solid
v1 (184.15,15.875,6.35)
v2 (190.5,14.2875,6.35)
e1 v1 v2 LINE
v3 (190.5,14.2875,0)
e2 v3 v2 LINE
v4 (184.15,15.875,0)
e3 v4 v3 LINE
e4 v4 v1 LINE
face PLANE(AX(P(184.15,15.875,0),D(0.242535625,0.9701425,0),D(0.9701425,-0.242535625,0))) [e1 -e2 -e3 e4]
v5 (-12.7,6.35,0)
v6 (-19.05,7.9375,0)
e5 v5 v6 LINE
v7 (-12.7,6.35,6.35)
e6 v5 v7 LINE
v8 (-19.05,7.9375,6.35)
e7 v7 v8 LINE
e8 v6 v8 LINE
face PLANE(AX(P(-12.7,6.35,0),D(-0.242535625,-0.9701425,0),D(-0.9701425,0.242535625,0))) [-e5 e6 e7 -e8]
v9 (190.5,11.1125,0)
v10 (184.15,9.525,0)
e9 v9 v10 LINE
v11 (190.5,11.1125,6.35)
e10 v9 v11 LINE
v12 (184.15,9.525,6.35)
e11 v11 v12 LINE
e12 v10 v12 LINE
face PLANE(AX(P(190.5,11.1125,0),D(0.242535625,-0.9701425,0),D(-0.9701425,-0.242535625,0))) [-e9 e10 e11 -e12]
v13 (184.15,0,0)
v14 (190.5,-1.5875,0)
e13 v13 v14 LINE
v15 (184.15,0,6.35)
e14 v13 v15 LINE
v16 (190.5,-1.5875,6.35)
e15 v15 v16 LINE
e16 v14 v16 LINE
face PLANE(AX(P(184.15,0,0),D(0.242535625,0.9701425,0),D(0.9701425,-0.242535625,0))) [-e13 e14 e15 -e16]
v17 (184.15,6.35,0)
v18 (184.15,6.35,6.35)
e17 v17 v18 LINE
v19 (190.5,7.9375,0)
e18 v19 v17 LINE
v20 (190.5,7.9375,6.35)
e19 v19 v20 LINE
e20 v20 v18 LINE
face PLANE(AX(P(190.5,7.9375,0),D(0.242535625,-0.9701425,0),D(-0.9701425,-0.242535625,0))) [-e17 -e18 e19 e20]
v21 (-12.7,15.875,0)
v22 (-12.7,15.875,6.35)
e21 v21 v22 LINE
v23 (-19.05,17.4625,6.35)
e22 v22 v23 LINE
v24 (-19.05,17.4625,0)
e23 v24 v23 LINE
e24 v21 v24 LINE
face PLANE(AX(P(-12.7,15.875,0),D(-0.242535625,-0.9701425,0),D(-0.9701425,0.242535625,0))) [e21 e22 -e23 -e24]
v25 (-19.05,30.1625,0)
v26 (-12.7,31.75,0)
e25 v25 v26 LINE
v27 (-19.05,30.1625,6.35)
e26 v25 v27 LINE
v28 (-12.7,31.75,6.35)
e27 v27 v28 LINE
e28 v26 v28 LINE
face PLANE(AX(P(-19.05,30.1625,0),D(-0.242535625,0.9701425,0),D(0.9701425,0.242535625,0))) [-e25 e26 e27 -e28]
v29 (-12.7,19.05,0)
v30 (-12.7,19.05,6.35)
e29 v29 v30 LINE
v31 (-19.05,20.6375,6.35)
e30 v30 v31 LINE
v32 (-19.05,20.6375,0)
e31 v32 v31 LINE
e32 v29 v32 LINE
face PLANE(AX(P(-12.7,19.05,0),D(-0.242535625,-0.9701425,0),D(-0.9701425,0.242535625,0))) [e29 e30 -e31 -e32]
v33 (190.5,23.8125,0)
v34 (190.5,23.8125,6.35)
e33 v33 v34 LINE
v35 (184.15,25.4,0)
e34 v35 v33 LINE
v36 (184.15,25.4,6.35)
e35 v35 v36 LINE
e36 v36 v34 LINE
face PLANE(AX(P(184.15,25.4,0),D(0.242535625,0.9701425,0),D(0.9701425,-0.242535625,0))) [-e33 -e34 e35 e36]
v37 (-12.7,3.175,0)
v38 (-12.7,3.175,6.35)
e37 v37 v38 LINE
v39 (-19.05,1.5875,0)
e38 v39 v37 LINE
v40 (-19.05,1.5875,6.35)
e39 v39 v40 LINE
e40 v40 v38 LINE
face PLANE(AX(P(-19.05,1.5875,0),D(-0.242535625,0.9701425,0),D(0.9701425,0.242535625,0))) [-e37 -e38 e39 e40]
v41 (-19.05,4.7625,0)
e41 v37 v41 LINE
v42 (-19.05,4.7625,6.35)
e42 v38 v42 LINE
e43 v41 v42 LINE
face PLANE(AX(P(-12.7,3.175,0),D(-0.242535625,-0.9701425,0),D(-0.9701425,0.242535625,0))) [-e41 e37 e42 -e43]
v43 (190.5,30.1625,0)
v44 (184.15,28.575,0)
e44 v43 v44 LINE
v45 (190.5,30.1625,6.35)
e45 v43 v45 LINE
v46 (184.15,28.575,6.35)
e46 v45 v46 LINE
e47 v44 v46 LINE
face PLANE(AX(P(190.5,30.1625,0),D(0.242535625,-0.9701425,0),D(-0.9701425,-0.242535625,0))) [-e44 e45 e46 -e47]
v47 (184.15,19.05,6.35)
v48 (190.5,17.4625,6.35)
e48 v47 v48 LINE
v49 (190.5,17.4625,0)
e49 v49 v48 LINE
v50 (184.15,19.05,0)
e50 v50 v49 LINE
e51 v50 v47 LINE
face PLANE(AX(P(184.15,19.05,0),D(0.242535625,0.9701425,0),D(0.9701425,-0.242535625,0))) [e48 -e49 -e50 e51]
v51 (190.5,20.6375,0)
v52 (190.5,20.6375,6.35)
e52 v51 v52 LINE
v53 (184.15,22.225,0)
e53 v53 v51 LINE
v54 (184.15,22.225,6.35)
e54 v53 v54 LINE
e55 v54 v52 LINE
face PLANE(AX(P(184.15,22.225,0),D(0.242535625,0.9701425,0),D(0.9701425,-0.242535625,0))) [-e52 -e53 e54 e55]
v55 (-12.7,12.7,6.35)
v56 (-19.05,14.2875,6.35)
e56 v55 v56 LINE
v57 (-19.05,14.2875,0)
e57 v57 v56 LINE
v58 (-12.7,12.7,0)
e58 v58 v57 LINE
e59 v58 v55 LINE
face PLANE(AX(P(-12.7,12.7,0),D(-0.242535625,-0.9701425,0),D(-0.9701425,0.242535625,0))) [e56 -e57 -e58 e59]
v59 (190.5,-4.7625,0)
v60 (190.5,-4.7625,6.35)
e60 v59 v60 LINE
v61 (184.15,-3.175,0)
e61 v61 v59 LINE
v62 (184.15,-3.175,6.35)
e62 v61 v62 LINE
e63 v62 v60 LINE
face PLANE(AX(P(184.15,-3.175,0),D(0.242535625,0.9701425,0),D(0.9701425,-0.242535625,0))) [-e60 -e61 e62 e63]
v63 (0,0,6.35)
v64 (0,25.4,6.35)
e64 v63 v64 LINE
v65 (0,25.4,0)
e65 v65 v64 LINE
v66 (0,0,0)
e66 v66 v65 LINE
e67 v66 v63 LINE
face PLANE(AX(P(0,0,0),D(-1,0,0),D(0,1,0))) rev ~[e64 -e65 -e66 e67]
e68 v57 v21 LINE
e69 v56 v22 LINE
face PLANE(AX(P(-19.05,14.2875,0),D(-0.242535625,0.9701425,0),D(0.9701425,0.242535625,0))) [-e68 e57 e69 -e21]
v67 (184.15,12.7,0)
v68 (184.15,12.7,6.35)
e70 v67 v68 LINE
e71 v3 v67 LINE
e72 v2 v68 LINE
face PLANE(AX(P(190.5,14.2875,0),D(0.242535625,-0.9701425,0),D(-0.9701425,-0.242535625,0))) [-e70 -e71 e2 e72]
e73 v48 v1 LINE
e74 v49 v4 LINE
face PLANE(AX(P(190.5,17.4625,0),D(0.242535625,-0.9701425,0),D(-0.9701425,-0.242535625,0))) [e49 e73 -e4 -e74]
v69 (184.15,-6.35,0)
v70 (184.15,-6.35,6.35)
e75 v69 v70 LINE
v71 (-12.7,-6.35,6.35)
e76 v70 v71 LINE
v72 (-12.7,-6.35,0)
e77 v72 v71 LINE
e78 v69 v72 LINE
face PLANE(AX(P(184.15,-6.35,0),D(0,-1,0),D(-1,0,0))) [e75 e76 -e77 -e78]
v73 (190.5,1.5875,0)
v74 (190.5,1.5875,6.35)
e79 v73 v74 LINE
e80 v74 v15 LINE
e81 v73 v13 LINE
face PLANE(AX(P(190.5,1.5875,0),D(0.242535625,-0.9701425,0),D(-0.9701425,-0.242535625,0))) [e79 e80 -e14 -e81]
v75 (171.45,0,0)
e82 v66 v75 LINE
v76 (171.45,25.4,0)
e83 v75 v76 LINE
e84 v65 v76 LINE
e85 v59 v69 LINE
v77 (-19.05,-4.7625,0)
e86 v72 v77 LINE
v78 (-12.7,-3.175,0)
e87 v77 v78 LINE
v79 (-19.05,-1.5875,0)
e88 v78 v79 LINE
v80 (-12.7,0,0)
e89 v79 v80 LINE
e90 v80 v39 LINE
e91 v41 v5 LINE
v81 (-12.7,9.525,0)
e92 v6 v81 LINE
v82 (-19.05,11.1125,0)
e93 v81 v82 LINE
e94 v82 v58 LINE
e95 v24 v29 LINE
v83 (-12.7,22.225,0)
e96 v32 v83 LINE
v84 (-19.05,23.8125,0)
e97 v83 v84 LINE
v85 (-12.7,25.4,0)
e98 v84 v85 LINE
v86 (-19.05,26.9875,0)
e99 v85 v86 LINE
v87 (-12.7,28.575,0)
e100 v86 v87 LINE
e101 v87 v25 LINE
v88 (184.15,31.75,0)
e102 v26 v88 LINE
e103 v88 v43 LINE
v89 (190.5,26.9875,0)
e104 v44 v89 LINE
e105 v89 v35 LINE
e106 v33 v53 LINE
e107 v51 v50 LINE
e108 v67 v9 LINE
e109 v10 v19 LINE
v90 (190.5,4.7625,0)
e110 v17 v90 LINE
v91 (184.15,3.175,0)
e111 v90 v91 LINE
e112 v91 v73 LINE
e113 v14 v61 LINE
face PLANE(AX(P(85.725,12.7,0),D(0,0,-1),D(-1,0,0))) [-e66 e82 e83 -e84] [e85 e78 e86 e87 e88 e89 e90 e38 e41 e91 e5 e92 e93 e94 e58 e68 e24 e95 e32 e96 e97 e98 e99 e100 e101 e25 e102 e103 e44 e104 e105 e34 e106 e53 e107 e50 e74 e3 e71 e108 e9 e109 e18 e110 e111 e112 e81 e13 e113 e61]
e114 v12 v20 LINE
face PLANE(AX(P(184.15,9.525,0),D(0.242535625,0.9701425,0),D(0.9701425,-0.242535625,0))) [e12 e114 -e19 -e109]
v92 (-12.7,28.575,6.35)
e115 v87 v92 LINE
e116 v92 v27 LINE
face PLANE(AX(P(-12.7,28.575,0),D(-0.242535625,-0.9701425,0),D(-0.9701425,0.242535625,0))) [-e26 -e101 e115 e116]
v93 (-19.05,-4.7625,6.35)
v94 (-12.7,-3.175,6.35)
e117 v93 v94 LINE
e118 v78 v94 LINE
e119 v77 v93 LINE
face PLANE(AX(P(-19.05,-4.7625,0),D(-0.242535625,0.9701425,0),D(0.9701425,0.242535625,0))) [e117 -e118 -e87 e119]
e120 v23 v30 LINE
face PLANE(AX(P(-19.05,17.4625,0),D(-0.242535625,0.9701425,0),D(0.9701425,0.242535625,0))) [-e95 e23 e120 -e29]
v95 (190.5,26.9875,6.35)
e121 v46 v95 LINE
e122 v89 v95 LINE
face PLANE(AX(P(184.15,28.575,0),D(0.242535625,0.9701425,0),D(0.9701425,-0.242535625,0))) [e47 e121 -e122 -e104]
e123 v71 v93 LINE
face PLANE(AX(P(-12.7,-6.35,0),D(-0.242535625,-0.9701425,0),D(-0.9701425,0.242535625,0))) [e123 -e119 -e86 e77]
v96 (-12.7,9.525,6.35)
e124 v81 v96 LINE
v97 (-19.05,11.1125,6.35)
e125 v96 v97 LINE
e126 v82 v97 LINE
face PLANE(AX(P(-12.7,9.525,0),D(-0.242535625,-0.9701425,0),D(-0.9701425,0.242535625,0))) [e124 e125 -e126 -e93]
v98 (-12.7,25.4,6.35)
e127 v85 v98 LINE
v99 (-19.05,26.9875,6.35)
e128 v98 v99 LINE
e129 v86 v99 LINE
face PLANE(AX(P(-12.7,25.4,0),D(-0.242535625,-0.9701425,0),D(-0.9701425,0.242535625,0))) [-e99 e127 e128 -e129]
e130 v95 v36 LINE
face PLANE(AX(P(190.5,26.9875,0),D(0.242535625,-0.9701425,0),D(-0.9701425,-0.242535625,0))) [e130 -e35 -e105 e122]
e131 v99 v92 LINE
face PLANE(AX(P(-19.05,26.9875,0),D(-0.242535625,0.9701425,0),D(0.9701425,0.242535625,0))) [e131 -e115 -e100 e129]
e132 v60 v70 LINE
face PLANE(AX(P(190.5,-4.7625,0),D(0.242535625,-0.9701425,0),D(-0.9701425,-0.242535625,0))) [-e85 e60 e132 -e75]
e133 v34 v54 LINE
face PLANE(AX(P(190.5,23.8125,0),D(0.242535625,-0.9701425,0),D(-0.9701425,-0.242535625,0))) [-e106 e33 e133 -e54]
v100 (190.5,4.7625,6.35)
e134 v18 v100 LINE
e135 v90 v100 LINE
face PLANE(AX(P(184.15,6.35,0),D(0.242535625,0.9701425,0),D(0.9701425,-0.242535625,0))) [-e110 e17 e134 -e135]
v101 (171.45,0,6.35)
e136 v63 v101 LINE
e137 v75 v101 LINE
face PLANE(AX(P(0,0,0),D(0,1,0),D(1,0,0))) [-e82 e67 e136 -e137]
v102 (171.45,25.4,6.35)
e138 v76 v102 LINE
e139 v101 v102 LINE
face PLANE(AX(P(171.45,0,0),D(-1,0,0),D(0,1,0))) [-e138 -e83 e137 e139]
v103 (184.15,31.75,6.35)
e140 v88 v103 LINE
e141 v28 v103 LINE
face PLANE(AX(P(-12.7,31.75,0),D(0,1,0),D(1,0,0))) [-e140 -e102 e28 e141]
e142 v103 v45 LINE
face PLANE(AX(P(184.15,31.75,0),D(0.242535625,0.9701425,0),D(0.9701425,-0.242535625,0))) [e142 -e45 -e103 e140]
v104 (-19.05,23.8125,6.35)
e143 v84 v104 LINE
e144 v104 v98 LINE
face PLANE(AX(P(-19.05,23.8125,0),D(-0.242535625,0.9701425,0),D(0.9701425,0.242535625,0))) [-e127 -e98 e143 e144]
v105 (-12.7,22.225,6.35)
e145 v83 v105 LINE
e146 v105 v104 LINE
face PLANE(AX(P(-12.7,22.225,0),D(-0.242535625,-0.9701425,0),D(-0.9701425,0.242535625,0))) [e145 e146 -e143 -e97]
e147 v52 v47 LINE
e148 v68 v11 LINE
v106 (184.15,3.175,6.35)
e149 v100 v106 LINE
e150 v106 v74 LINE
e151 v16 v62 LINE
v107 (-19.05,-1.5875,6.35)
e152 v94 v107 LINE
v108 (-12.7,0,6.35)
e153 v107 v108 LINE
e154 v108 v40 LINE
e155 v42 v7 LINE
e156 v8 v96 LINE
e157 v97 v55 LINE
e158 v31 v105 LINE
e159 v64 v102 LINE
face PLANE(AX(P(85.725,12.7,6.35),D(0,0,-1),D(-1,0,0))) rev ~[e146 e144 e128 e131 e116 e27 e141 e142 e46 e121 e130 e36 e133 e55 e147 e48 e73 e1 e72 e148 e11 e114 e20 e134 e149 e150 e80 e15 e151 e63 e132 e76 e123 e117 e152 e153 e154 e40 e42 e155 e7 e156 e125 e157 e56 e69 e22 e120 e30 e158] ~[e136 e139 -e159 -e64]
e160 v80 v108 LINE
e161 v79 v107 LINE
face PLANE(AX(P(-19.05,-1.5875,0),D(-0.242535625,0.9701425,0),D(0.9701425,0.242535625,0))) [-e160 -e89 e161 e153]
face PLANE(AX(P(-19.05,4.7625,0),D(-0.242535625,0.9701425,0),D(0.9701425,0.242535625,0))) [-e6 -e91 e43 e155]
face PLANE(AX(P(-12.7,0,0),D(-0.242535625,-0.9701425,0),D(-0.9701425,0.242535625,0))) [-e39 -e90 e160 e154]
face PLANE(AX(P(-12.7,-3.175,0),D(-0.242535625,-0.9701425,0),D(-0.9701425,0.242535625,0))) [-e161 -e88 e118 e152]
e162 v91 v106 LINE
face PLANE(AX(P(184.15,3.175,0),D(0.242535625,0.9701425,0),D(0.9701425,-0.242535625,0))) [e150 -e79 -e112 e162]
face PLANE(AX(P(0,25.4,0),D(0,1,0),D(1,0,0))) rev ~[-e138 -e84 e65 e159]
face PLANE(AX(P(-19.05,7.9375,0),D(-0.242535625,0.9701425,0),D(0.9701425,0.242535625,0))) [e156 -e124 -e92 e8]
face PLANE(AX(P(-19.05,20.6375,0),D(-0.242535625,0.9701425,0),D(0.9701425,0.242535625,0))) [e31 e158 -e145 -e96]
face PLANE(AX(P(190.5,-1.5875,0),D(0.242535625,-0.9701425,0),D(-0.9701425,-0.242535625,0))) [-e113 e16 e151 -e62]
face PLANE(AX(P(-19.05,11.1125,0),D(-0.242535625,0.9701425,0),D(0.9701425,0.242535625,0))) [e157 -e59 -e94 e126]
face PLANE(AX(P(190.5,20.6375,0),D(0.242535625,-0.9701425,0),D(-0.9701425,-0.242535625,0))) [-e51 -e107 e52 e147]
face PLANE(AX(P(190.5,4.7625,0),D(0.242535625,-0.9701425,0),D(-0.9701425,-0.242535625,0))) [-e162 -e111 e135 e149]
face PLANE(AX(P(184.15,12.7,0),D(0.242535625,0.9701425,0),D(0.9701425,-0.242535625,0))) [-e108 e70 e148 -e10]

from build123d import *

# Parameters (mm, degrees)
SKETCH1_W           = 171.45
SKETCH1_H           = 25.4
BOSS_EXTRUDE1_DEPTH = 6.35


with BuildPart() as part:
    # Sketch1 → Boss-Extrude1 (new body)
    with BuildSketch(Plane.XY):
        Polygon((-12.7, -6.35), (-19.05, -4.7625), (-12.7, -3.175), (-19.05, -1.5875), (-12.7, 0), (-19.05, 1.5875), (-12.7, 3.175), (-19.05, 4.7625), (-12.7, 6.35), (-19.05, 7.9375), (-12.7, 9.525), (-19.05, 11.1125), (-12.7, 12.7), (-19.05, 14.2875), (-12.7, 15.875), (-19.05, 17.4625), (-12.7, 19.05), (-19.05, 20.6375), (-12.7, 22.225), (-19.05, 23.8125), (-12.7, 25.4), (-19.05, 26.9875), (-12.7, 28.575), (-19.05, 30.1625), (-12.7, 31.75), (184.15, 31.75), (190.5, 30.1625), (184.15, 28.575), (190.5, 26.9875), (184.15, 25.4), (190.5, 23.8125), (184.15, 22.225), (190.5, 20.6375), (184.15, 19.05), (190.5, 17.4625), (184.15, 15.875), (190.5, 14.2875), (184.15, 12.7), (190.5, 11.1125), (184.15, 9.525), (190.5, 7.9375), (184.15, 6.35), (190.5, 4.7625), (184.15, 3.175), (190.5, 1.5875), (184.15, 0), (190.5, -1.5875), (184.15, -3.175), (190.5, -4.7625), (184.15, -6.35), align=None)
        with Locations((85.725, 12.7)):
            Rectangle(SKETCH1_W, SKETCH1_H, mode=Mode.SUBTRACT)
    extrude(amount=BOSS_EXTRUDE1_DEPTH)


solid = part.part
